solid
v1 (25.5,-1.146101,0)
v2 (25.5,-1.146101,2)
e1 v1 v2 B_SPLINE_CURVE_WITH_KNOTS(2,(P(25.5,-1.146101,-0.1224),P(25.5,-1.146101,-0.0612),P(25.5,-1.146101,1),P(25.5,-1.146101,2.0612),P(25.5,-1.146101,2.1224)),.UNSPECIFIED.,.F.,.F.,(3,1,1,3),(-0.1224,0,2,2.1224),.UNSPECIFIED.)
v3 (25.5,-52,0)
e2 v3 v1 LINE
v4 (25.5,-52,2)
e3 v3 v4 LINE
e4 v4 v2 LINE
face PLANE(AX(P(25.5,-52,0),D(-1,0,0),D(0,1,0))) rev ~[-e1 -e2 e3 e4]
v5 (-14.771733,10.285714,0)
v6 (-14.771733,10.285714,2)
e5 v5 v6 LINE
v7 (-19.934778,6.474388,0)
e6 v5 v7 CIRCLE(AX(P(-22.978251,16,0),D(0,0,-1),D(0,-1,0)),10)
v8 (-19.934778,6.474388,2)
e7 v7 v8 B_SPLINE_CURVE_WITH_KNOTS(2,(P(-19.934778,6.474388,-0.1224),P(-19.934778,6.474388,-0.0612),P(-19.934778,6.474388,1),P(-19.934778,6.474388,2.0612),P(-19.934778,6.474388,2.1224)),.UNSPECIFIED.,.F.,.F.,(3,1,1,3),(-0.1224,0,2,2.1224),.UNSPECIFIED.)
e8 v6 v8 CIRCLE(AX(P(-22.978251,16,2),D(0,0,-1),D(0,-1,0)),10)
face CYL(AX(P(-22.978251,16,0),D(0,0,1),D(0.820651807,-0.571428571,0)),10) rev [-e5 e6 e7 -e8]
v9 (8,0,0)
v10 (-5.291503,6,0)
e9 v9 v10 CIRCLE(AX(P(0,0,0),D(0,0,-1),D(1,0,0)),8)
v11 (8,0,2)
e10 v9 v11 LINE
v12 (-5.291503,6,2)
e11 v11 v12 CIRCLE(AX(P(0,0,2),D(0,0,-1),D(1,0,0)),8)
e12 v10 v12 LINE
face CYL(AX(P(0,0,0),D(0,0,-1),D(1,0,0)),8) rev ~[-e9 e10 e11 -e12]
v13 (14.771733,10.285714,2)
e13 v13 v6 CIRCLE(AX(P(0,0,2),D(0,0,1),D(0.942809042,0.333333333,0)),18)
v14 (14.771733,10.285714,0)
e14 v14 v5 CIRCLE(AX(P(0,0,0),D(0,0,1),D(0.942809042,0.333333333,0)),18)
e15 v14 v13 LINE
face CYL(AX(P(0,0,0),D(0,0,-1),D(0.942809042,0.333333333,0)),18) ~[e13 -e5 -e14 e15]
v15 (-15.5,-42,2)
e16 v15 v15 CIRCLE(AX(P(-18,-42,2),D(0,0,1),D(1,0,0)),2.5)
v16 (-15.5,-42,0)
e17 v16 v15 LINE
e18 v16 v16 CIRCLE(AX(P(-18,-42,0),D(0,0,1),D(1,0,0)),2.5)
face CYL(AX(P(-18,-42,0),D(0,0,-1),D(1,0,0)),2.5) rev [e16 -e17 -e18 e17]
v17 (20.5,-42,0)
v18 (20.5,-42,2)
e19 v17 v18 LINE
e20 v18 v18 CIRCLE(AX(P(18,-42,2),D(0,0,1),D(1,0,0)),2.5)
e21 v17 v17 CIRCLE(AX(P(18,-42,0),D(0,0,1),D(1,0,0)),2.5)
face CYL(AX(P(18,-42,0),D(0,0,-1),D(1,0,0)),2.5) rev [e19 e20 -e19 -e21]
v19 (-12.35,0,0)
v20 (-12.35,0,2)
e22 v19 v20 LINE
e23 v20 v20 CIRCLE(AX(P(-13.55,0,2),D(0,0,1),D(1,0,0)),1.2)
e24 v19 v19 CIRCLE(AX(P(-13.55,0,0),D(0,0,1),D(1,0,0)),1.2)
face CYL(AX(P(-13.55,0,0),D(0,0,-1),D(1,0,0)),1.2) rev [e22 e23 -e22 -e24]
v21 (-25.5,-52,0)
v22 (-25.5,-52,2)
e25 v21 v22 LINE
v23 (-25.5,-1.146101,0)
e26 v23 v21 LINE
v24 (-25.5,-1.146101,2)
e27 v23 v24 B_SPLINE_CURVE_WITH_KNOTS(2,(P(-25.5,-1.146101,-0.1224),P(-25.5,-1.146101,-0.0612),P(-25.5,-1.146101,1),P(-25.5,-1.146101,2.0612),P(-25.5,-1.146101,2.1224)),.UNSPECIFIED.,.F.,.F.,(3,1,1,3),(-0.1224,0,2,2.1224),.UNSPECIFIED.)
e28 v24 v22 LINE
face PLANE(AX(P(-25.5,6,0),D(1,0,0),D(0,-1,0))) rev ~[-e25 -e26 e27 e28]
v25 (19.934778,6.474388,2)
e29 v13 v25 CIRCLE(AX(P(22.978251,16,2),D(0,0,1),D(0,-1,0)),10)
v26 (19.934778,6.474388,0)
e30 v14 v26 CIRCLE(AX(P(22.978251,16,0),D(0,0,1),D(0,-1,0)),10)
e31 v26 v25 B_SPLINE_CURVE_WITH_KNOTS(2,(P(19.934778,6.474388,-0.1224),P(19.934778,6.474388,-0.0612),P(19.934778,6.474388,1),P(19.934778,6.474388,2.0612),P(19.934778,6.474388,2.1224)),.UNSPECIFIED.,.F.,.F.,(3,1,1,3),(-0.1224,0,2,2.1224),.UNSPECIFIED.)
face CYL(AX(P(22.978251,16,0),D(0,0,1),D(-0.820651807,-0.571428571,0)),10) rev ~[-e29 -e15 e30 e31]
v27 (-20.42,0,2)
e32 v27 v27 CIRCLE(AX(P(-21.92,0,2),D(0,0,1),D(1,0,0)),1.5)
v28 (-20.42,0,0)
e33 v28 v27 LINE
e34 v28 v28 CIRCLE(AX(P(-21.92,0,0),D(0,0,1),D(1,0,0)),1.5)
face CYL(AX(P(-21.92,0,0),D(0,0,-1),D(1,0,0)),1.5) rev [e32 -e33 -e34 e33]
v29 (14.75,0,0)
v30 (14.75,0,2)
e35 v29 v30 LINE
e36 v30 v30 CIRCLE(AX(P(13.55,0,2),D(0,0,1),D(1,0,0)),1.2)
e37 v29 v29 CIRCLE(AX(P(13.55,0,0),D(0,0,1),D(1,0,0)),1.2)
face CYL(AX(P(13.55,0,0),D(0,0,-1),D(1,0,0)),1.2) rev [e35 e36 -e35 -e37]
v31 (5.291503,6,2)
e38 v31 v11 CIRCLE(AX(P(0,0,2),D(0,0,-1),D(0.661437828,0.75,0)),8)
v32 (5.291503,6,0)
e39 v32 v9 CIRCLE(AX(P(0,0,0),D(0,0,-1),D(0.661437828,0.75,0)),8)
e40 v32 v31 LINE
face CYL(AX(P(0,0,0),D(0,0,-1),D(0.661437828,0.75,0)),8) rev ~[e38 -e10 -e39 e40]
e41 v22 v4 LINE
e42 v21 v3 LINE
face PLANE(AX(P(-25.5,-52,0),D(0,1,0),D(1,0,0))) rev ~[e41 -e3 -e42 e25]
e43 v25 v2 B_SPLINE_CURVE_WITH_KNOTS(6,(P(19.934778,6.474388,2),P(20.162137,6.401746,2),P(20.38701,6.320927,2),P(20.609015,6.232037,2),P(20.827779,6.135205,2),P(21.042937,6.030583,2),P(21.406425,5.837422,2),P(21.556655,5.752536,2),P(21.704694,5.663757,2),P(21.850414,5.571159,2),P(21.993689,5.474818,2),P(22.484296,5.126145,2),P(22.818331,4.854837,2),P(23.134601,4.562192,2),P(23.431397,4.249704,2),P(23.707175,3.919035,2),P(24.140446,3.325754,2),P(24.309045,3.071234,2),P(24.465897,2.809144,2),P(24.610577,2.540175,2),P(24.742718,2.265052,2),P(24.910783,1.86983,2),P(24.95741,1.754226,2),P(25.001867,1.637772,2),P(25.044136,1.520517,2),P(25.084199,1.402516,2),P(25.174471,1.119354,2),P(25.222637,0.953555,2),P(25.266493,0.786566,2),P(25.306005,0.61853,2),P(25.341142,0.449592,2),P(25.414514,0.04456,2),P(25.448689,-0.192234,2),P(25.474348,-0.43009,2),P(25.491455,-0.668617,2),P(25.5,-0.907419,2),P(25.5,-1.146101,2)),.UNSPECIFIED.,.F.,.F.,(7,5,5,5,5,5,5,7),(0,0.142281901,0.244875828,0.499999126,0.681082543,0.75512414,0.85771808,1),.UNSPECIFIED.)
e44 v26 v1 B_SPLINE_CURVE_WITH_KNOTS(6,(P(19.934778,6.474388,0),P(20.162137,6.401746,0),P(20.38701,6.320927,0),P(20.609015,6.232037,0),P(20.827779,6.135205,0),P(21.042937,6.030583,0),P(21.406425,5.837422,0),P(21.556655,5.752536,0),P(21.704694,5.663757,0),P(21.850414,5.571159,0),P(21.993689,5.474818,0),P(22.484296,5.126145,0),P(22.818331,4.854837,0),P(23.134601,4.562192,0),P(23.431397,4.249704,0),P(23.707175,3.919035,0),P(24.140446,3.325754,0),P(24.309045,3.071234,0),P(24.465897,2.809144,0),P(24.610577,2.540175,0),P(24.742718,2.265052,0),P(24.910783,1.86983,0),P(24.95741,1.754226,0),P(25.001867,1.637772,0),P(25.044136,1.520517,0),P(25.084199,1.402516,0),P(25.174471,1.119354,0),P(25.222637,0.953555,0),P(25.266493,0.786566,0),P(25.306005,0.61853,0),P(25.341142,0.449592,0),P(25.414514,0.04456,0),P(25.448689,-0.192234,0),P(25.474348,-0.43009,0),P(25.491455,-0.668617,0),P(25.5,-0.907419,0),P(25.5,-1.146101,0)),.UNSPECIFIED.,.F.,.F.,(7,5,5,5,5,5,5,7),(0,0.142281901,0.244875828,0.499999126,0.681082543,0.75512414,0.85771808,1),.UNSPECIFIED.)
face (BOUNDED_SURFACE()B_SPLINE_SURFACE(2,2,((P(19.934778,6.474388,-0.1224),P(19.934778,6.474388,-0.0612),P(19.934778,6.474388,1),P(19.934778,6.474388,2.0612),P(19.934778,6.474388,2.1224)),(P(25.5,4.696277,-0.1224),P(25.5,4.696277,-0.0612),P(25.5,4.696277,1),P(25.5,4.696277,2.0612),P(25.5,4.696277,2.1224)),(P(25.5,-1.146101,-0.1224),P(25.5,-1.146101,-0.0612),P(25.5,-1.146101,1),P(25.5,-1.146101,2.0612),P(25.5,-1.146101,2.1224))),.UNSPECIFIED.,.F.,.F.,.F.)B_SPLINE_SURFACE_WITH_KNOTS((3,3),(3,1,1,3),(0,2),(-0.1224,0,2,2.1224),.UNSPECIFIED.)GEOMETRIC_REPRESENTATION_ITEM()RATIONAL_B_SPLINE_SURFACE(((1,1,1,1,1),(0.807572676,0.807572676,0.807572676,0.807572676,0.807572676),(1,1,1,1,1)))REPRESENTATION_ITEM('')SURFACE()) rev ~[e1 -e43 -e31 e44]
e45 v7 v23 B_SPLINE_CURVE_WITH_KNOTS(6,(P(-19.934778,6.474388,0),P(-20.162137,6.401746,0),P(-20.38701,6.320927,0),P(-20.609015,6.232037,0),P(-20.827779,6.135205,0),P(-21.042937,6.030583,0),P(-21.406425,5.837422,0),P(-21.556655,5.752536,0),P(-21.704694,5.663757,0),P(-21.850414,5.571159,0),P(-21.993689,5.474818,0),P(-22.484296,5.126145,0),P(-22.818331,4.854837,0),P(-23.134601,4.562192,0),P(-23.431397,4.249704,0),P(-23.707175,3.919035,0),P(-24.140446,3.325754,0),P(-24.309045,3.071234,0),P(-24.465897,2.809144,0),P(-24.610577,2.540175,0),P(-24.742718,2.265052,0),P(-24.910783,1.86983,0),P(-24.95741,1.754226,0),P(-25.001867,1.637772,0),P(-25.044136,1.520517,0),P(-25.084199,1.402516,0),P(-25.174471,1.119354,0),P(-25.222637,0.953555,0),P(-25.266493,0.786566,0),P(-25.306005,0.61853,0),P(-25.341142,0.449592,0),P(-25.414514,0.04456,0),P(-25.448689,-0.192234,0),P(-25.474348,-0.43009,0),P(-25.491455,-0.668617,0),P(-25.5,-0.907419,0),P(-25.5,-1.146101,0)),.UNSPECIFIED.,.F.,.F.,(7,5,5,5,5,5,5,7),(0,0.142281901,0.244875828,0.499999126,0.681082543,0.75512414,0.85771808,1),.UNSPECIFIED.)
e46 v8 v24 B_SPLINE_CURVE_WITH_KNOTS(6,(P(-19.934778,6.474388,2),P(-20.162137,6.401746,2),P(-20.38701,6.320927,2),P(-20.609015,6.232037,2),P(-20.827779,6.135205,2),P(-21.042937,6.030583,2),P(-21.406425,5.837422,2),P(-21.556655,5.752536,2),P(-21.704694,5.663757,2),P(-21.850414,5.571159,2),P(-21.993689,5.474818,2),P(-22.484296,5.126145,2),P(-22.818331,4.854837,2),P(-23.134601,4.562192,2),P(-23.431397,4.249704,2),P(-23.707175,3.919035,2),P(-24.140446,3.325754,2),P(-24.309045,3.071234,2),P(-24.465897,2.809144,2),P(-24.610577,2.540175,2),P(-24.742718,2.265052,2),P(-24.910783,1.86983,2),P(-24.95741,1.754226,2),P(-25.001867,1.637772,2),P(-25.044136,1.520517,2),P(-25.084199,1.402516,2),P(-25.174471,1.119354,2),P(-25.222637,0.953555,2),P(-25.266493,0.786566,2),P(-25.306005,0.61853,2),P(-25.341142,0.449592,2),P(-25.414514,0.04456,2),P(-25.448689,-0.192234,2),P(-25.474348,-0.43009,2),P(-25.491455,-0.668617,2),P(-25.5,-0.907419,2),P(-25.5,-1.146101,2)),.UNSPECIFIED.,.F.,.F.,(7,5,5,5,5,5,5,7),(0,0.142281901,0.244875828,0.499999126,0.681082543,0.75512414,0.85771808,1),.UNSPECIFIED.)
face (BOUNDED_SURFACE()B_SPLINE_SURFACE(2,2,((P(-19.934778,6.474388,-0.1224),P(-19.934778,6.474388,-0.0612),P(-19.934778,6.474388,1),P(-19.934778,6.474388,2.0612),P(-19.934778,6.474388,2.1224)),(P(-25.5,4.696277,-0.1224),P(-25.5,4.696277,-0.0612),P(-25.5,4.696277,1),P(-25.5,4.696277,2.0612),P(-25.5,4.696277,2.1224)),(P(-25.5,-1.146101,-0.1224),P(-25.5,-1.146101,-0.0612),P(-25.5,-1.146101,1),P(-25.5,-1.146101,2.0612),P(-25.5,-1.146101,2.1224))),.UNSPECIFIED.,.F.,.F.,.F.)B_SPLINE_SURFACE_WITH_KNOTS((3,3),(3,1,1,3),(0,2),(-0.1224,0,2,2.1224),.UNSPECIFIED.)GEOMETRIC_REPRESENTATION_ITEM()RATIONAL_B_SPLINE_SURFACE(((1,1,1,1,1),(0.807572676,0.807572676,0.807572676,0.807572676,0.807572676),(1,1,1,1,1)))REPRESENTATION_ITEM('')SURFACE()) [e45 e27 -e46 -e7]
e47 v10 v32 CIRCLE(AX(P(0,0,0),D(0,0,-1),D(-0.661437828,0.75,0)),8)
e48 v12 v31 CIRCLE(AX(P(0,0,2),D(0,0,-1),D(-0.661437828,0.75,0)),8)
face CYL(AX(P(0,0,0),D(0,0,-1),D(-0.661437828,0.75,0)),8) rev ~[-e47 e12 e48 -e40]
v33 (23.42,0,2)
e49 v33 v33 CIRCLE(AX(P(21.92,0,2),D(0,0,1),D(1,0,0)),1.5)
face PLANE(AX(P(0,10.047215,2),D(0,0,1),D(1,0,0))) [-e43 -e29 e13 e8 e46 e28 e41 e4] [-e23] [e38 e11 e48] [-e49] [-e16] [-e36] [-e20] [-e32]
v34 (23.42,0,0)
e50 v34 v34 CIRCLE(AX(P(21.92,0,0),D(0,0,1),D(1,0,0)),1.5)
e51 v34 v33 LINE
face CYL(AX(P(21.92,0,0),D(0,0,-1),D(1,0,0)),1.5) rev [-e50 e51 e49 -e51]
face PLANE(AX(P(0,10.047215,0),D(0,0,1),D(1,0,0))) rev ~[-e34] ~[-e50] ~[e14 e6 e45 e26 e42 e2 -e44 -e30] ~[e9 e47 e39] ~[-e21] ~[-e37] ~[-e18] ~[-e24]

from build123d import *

# Parameters (mm, degrees)
F0_R     = 1.2
F0_R_2   = 2.5
F0_R_3   = 1.5
F1_DEPTH = 2
F2_R     = 10
F3_R     = 8


with BuildPart() as f1:
    # F0 (on Top) → F1 (new body)
    with BuildSketch(Plane.XY):
        with BuildLine():
            ThreePointArc((-5.2915026221, 6), (0, 8), (5.2915026221, 6))
            Line((5.2915026221, 6), (16.9705627485, 6))
            ThreePointArc((16.9705627485, 6), (0, 18), (-16.9705627485, 6))
            Line((-16.9705627485, 6), (-5.2915026221, 6))
        make_face()
        with BuildLine():
            ThreePointArc((5.2915026221, 6), (7.2915026221, 3.2915026221), (8, 0))
            ThreePointArc((8, 0), (-3.2915026221, -7.2915026221), (-5.2915026221, 6))
            Line((-5.2915026221, 6), (-16.9705627485, 6))
            ThreePointArc((-16.9705627485, 6), (-3.0438356171, -17.7407740738), (18, 0))
            ThreePointArc((18, 0), (17.7407740738, 3.0438356171), (16.9705627485, 6))
            Line((16.9705627485, 6), (5.2915026221, 6))
        make_face()
        with Locations((-13.55, 0)):
            Circle(F0_R, mode=Mode.SUBTRACT)
        with Locations((13.55, 0)):
            Circle(F0_R, mode=Mode.SUBTRACT)
        with BuildLine():
            Line((25.5, 6), (16.9705627485, 6))
            ThreePointArc((16.9705627485, 6), (17.7407740738, 3.0438356171), (18, 0))
            ThreePointArc((18, 0), (-3.0438356171, -17.7407740738), (-16.9705627485, 6))
            Line((-16.9705627485, 6), (-25.5, 6))
            Line((-25.5, 6), (-25.5, -52))
            Line((-25.5, -52), (25.5, -52))
            Line((25.5, -52), (25.5, 6))
        make_face()
        with Locations((-18, -42)):
            Circle(F0_R_2, mode=Mode.SUBTRACT)
        with Locations((18, -42)):
            Circle(F0_R_2, mode=Mode.SUBTRACT)
        with Locations((-21.92, 0)):
            Circle(F0_R_3, mode=Mode.SUBTRACT)
        with Locations((21.92, 0)):
            Circle(F0_R_3, mode=Mode.SUBTRACT)
    extrude(amount=F1_DEPTH)

    # F2
    f2_edges = [f1.edges().sort_by_distance(p)[0] for p in [
        (-16.970563, 6, 1),
        (16.970563, 6, 1),
    ]]
    fillet(f2_edges, radius=F2_R)

    # F3
    f3_edges = [f1.edges().sort_by_distance(p)[0] for p in [
        (25.5, 6, 1),
        (-25.5, 6, 1),
    ]]
    fillet(f3_edges, radius=F3_R)


solid = f1.part
